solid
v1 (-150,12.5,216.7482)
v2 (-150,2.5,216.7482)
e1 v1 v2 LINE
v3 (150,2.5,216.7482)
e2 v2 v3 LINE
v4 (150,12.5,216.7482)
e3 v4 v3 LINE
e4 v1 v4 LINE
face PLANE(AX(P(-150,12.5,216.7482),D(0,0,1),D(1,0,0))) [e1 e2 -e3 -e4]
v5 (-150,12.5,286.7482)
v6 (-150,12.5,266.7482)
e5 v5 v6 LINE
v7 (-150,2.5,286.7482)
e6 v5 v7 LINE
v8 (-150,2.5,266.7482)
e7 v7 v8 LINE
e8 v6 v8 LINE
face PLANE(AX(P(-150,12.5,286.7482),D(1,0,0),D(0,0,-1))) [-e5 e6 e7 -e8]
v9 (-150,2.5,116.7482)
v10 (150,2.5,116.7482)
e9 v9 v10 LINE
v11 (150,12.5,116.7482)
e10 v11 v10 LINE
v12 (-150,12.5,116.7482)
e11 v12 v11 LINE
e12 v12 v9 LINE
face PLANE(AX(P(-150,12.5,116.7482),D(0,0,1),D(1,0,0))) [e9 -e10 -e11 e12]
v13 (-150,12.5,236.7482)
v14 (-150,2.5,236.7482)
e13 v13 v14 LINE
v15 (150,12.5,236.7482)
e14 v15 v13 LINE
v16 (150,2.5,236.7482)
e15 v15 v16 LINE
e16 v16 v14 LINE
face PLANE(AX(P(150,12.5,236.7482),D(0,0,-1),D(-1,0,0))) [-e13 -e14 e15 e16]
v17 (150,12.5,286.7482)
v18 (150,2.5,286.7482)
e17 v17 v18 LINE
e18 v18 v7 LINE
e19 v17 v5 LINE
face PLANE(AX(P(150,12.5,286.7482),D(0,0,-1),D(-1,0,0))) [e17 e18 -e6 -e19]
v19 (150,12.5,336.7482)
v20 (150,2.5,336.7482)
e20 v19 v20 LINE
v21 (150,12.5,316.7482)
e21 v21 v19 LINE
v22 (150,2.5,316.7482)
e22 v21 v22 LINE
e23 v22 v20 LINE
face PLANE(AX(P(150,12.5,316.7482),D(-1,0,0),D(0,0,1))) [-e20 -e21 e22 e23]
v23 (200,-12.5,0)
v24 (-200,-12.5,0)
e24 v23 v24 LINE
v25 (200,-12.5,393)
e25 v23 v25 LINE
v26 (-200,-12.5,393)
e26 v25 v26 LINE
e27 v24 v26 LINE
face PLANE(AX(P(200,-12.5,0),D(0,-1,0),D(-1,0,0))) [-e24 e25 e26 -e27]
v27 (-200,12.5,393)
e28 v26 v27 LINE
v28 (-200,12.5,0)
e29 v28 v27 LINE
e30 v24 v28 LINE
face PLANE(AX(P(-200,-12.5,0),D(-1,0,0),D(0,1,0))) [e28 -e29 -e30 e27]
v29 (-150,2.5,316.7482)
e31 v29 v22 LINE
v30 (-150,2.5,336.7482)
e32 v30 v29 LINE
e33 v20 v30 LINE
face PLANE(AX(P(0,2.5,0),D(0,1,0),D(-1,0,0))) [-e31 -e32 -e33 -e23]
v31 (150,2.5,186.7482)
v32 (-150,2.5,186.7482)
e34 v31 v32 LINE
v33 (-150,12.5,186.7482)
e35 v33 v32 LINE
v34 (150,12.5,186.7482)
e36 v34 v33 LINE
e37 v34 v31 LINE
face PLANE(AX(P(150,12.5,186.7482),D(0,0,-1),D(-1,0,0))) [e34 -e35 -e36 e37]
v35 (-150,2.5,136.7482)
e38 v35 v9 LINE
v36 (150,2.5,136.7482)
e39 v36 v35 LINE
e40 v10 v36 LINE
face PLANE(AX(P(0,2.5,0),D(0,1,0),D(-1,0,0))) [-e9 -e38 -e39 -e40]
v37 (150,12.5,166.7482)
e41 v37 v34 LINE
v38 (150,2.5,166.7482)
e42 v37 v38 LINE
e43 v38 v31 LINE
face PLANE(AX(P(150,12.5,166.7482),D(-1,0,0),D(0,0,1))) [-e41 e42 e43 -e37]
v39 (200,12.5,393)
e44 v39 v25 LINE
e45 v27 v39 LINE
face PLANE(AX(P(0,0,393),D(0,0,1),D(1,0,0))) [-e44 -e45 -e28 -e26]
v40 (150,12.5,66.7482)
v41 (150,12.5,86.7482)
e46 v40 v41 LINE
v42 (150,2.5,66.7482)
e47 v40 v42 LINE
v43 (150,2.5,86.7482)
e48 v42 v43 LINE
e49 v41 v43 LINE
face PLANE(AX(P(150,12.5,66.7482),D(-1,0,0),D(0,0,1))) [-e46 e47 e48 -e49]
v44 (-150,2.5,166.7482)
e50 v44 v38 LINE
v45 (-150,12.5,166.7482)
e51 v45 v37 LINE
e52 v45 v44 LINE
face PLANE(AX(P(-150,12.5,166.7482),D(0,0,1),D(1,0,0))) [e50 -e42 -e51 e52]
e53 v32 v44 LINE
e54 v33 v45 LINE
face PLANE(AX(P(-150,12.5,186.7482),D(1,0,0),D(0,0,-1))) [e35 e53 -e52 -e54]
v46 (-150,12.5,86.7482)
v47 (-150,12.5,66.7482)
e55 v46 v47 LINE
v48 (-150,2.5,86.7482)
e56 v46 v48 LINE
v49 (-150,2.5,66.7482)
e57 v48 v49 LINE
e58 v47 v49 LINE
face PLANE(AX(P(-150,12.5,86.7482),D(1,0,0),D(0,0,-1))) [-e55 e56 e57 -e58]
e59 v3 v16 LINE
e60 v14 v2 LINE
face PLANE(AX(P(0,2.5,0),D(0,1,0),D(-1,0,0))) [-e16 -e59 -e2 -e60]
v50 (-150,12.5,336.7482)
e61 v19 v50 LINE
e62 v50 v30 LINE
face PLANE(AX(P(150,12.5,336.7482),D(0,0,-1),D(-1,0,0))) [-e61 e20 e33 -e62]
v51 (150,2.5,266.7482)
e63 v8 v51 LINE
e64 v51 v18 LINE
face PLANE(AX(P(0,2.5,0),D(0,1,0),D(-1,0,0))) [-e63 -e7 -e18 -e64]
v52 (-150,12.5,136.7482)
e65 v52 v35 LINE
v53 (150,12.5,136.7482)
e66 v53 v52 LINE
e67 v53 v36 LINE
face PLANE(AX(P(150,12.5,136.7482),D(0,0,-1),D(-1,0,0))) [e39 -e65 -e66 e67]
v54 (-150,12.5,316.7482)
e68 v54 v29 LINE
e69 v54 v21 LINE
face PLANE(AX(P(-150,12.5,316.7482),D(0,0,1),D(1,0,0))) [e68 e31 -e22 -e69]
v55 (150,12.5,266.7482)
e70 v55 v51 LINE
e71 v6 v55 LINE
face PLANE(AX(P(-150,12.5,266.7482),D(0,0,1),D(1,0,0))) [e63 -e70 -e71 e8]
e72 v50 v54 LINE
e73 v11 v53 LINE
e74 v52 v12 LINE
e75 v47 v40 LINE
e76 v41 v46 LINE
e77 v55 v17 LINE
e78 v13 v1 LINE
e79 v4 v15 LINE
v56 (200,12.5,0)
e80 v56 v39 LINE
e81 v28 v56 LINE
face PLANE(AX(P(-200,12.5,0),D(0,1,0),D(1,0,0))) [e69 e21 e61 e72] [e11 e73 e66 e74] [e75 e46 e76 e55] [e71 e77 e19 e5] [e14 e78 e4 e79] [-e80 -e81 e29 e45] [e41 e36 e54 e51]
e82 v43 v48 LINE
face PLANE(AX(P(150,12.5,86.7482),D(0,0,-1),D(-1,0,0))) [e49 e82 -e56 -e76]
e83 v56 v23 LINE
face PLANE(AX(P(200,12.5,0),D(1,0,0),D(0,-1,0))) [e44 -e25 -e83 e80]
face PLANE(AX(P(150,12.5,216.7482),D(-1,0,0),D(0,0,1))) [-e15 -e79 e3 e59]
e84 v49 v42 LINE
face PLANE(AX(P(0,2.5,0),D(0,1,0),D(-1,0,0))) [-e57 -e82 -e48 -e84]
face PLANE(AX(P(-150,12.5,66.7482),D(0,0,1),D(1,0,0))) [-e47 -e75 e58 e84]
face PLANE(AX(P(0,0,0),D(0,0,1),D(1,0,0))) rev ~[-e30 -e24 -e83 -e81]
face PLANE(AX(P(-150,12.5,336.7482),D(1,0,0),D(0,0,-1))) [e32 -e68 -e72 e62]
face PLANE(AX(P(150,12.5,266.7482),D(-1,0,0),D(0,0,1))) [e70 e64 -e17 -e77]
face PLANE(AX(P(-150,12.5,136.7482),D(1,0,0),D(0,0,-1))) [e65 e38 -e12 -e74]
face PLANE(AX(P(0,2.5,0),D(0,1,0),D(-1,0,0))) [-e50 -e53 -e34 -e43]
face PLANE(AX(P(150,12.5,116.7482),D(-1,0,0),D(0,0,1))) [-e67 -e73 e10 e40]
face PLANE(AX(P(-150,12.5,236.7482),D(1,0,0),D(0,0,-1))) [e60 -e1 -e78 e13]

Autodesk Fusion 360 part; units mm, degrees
sketch "草图1" plane through (0, 0, 0) normal (0, 0, 1) x (1, 0, 0)
  line L0 (200, -12.5) -> (-200, -12.5)
  line L1 (-200, -12.5) -> (-200, 12.5)
  line L2 (-200, 12.5) -> (200, 12.5)
  line L3 (200, 12.5) -> (200, -12.5)
  line L4 (200, -12.5) -> (-200, 12.5) construction
  line L5 (-200, -12.5) -> (200, 12.5) construction
  dimension "d1" = 400
  dimension "d2" = 25
extrude "拉伸1" add sketch "草图1" along normal blind 393
sketch "草图2" plane through (0, 12.5, 0) normal (0, 1, 0) x (-1, 0, 0)
  line L0 (-200, 0) -> (200, 0)
  line L1 (200, 0) -> (200, 393)
  line L2 (200, 393) -> (-200, 393)
  line L3 (-200, 393) -> (-200, 0)
  line L4 (-150, 336.7482) -> (150, 336.7482)
  line L5 (150, 336.7482) -> (150, 351.7482)
  line L6 (150, 351.7482) -> (-150, 351.7482)
  line L7 (-150, 351.7482) -> (-150, 336.7482)
  line L8 (-150, 336.7482) -> (150, 351.7482) construction
  line L9 (150, 336.7482) -> (-150, 351.7482) construction
  line L10 (-150, 336.7482) -> (150, 336.7482)
  line L11 (150, 336.7482) -> (150, 316.7482)
  line L12 (150, 316.7482) -> (-150, 316.7482)
  line L13 (-150, 316.7482) -> (-150, 336.7482)
  line L14 (150, 301.7482) -> (-150, 301.7482)
  line L15 (-150, 301.7482) -> (-150, 286.7482)
  line L16 (150, 266.7482) -> (-150, 266.7482)
  line L17 (150, 286.7482) -> (-150, 301.7482) construction
  line L18 (150, 286.7482) -> (150, 301.7482)
  line L19 (150, 286.7482) -> (150, 266.7482)
  line L20 (-150, 266.7482) -> (-150, 286.7482)
  line L21 (-150, 286.7482) -> (150, 301.7482) construction
  line L22 (-150, 286.7482) -> (150, 286.7482)
  line L23 (-150, 286.7482) -> (150, 286.7482)
  line L24 (150, 251.7482) -> (-150, 251.7482)
  line L25 (-150, 251.7482) -> (-150, 236.7482)
  line L26 (150, 216.7482) -> (-150, 216.7482)
  line L27 (150, 236.7482) -> (-150, 251.7482) construction
  line L28 (150, 236.7482) -> (150, 251.7482)
  line L29 (150, 236.7482) -> (150, 216.7482)
  line L30 (-150, 216.7482) -> (-150, 236.7482)
  line L31 (-150, 236.7482) -> (150, 251.7482) construction
  line L32 (-150, 236.7482) -> (150, 236.7482)
  line L33 (-150, 236.7482) -> (150, 236.7482)
  line L34 (150, 201.7482) -> (-150, 201.7482)
  line L35 (-150, 201.7482) -> (-150, 186.7482)
  line L36 (150, 166.7482) -> (-150, 166.7482)
  line L37 (150, 186.7482) -> (-150, 201.7482) construction
  line L38 (150, 186.7482) -> (150, 201.7482)
  line L39 (150, 186.7482) -> (150, 166.7482)
  line L40 (-150, 166.7482) -> (-150, 186.7482)
  line L41 (-150, 186.7482) -> (150, 201.7482) construction
  line L42 (-150, 186.7482) -> (150, 186.7482)
  line L43 (-150, 186.7482) -> (150, 186.7482)
  line L44 (150, 151.7482) -> (-150, 151.7482)
  line L45 (-150, 151.7482) -> (-150, 136.7482)
  line L46 (150, 116.7482) -> (-150, 116.7482)
  line L47 (150, 136.7482) -> (-150, 151.7482) construction
  line L48 (150, 136.7482) -> (150, 151.7482)
  line L49 (150, 136.7482) -> (150, 116.7482)
  line L50 (-150, 116.7482) -> (-150, 136.7482)
  line L51 (-150, 136.7482) -> (150, 151.7482) construction
  line L52 (-150, 136.7482) -> (150, 136.7482)
  line L53 (-150, 136.7482) -> (150, 136.7482)
  line L54 (150, 101.7482) -> (-150, 101.7482)
  line L55 (-150, 101.7482) -> (-150, 86.7482)
  line L56 (150, 66.7482) -> (-150, 66.7482)
  line L57 (150, 86.7482) -> (-150, 101.7482) construction
  line L58 (150, 86.7482) -> (150, 101.7482)
  line L59 (150, 86.7482) -> (150, 66.7482)
  line L60 (-150, 66.7482) -> (-150, 86.7482)
  line L61 (-150, 86.7482) -> (150, 101.7482) construction
  line L62 (-150, 86.7482) -> (150, 86.7482)
  line L63 (-150, 86.7482) -> (150, 86.7482)
  point P0 (0, 344.2482)
  point P1 (0, 294.2482)
  point P2 (0, 244.2482)
  point P3 (0, 194.2482)
  point P4 (0, 144.2482)
  point P5 (0, 94.2482)
  dimension "d15" = 15
  dimension "d16" = 300
  dimension "d17" = 20
  dimension "d20" = 50
  dimension "d21" = 0
  dimension "d24" = 50
extrude "拉伸2" cut sketch "草图2" against normal blind 10 contours L4 L10 L11 L12 L13 | L16 L19 L20 L22 L23 | L26 L29 L30 L32 L33 | L36 L39 L40 L42 L43 | L46 L49 L50 L52 L53 | L56 L59 L60 L62 L63
